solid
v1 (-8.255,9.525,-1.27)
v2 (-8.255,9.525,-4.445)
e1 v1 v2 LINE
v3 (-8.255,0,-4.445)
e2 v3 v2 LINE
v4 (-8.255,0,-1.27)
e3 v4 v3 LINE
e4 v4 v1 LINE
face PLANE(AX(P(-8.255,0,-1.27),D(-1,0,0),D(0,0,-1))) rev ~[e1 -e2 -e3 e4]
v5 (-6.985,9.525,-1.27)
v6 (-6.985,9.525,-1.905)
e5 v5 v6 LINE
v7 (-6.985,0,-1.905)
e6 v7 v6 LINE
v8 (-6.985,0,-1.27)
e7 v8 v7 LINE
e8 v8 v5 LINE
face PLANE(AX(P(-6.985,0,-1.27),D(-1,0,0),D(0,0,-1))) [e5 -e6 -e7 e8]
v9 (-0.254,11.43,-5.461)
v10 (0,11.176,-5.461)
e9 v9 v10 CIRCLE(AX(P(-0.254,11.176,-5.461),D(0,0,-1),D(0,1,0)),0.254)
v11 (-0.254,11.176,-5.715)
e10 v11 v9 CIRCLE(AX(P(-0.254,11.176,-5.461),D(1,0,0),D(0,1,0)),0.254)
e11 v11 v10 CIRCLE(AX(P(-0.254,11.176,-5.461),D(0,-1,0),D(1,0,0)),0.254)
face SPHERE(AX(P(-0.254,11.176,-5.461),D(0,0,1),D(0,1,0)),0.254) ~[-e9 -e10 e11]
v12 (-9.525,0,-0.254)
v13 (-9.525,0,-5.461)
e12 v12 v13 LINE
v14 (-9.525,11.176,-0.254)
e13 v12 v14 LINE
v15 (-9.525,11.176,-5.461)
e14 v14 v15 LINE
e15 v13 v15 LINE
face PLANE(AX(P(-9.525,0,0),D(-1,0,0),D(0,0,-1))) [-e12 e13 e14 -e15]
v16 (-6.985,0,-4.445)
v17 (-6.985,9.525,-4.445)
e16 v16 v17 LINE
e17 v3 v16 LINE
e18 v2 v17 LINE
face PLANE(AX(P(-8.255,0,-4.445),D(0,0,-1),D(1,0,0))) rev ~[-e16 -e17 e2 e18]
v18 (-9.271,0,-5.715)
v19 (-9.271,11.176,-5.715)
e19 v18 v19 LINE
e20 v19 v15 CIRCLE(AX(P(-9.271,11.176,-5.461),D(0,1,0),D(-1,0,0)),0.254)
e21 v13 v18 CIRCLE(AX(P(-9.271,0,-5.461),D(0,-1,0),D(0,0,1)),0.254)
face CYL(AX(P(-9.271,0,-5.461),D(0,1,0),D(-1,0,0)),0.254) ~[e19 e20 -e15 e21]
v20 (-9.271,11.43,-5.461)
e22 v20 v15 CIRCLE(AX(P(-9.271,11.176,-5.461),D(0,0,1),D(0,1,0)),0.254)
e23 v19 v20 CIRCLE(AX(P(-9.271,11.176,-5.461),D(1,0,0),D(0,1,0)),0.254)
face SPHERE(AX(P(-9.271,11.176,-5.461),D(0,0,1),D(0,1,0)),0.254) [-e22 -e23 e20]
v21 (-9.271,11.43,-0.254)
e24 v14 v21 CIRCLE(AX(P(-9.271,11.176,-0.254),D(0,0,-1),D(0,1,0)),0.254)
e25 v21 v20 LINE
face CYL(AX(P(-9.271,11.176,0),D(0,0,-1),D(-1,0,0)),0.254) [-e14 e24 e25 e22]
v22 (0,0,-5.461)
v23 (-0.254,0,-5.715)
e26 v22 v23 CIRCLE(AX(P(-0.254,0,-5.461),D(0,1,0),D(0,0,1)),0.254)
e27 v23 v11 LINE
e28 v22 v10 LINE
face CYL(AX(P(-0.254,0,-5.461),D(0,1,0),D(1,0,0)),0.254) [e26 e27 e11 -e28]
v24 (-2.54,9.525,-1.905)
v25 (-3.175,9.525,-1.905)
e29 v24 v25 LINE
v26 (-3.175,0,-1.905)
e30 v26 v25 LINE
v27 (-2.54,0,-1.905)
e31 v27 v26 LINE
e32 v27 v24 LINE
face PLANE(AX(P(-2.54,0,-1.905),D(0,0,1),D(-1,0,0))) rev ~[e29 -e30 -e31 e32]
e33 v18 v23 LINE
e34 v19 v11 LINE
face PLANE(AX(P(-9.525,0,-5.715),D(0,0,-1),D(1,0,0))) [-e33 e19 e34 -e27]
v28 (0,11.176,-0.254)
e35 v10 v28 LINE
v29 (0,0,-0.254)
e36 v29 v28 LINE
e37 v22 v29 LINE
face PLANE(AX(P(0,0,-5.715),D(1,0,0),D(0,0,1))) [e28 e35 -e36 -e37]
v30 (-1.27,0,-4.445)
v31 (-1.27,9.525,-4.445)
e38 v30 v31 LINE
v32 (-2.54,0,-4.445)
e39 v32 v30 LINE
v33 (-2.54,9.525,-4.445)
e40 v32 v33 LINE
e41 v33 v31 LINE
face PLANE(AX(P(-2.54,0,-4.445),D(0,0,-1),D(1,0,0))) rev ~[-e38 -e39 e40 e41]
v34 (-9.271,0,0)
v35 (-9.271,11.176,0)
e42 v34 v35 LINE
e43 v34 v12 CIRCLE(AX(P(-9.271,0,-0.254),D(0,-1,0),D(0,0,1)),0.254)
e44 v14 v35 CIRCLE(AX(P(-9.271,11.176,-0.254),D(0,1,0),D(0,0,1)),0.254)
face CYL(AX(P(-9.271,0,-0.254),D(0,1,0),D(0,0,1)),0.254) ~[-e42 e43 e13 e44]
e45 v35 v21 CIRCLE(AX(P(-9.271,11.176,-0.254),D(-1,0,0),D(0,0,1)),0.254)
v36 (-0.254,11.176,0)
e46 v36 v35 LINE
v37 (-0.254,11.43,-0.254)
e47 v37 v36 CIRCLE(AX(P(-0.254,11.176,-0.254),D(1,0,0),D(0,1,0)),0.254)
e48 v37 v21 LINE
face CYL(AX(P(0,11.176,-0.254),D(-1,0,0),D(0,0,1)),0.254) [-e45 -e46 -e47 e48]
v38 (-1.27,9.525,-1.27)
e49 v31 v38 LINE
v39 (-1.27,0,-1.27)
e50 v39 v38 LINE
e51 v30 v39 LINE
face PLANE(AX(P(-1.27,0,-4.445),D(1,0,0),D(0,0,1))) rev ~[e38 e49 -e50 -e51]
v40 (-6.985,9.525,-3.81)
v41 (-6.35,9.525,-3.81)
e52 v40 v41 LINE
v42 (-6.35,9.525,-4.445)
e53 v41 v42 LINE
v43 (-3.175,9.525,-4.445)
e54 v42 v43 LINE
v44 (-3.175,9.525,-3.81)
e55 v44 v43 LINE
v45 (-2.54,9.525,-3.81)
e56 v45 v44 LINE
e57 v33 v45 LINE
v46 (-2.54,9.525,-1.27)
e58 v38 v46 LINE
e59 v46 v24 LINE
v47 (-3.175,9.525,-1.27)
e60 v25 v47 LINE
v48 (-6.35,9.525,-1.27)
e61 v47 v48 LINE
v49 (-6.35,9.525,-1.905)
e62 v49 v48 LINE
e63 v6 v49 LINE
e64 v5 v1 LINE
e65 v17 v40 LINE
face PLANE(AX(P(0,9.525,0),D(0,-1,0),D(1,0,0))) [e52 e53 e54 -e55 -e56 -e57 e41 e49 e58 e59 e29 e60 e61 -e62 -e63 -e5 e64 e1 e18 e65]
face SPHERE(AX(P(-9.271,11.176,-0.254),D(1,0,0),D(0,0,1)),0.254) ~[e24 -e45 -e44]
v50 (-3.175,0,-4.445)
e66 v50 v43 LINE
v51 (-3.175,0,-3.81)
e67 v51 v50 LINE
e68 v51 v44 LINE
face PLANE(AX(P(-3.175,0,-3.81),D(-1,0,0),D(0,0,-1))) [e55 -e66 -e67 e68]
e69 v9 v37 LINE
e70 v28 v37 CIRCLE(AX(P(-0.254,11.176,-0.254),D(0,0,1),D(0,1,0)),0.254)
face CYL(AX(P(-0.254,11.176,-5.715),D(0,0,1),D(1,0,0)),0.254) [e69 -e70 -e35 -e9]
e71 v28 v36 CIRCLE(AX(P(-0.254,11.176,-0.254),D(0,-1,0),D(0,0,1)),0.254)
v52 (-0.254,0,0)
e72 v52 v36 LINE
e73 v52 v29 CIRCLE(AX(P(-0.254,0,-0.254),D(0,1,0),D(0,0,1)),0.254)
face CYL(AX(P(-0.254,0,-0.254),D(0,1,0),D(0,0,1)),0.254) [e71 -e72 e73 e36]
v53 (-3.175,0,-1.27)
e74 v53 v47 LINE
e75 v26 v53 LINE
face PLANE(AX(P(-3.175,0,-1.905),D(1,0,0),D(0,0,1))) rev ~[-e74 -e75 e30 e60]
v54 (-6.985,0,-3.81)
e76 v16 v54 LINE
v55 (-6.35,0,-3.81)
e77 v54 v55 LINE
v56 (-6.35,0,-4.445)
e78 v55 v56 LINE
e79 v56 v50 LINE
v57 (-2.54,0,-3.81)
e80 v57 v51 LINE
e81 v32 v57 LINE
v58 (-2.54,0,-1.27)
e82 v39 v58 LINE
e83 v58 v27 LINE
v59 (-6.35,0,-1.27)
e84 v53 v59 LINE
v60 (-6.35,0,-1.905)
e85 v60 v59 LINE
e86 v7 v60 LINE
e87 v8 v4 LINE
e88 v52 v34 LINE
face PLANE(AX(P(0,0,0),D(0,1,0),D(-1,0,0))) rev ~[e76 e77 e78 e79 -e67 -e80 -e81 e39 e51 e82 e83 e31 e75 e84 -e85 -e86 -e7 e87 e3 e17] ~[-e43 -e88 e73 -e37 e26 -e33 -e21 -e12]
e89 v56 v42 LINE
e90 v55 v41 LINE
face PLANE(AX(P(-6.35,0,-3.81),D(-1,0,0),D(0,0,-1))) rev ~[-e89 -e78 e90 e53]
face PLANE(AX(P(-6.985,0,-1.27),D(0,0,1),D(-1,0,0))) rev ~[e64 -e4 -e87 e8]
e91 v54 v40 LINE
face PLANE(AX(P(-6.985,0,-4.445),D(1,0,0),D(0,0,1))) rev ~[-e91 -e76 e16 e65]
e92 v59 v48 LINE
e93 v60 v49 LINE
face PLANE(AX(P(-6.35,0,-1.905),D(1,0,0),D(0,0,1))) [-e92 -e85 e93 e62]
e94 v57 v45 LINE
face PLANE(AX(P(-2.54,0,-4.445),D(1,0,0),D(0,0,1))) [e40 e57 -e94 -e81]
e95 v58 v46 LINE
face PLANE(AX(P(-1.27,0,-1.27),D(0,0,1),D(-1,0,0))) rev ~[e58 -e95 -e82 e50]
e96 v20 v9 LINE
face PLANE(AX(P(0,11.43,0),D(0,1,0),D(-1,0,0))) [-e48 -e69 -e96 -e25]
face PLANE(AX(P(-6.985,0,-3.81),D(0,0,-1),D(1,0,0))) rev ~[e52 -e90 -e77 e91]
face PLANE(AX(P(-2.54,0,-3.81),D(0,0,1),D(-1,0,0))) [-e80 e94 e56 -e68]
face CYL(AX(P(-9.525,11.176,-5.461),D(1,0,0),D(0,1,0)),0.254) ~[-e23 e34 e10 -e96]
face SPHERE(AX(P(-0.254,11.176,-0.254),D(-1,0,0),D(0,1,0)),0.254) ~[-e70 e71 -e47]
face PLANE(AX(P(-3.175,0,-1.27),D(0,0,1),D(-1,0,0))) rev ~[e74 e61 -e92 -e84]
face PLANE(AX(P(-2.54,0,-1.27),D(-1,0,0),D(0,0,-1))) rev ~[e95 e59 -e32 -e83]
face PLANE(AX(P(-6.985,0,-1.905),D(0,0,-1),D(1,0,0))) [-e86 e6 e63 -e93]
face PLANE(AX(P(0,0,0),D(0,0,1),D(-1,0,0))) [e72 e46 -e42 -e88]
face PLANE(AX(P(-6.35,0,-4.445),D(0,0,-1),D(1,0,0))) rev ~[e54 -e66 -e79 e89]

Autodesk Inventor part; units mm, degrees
ref_plane "YZ Plane" through (0, 0, 0) normal (1, 0, 0) x (0, 1, 0)
ref_plane "XZ Plane" through (0, 0, 0) normal (0, 1, 0) x (-1, 0, 0)
ref_plane "XY Plane" through (0, 0, 0) normal (0, 0, 1) x (1, 0, 0)
sketch "Náčrt1" plane through (0, 0, 0) normal (0, 1, 0) x (-1, 0, 0)
  line L0 (0, 0) -> (9.525, 0)
  line L1 (9.525, 0) -> (9.525, -5.715)
  line L2 (9.525, -5.715) -> (0, -5.715)
  line L3 (0, -5.715) -> (0, 0)
  dimension "d0" = 9.525
  dimension "d1" = 5.715
extrude "Vysunutí1" add sketch "Náčrt1" along normal blind 11.43
sketch "Náčrt2" plane through (0, 0, 0) normal (0, -1, 0) x (1, 0, 0)
  line L0 (-1.27, -4.445) -> (-1.27, -1.27)
  line L1 (-8.255, -1.27) -> (-8.255, -4.445)
  line L2 (-6.35, -4.445) -> (-3.175, -4.445)
  line L3 (-3.175, -1.27) -> (-6.35, -1.27)
  line L4 (-2.54, -1.27) -> (-2.54, -1.905)
  line L5 (-2.54, -1.905) -> (-3.175, -1.905)
  line L6 (-3.175, -1.905) -> (-3.175, -1.27)
  line L7 (-2.54, -4.445) -> (-2.54, -3.81)
  line L8 (-2.54, -3.81) -> (-3.175, -3.81)
  line L9 (-3.175, -3.81) -> (-3.175, -4.445)
  line L10 (-6.985, -4.445) -> (-6.985, -3.81)
  line L11 (-6.985, -3.81) -> (-6.35, -3.81)
  line L12 (-6.35, -3.81) -> (-6.35, -4.445)
  line L13 (-6.985, -1.27) -> (-6.985, -1.905)
  line L14 (-6.985, -1.905) -> (-6.35, -1.905)
  line L15 (-6.35, -1.905) -> (-6.35, -1.27)
  line L16 (-6.985, -1.27) -> (-8.255, -1.27)
  line L17 (-8.255, -4.445) -> (-6.985, -4.445)
  line L18 (-6.35, -4.445) -> (-3.175, -4.445)
  line L19 (-2.54, -4.445) -> (-1.27, -4.445)
  line L20 (-1.27, -1.27) -> (-2.54, -1.27)
  line L21 (-3.175, -1.27) -> (-6.35, -1.27)
  point P0 (-4.7625, -2.8575)
extrude "Vysunutí2" cut sketch "Náčrt2" against normal blind 9.525
fillet "Zaoblení1" radius 0.254 8 edges at (-4.7625, 11.43, 0) (-9.525, 5.715, 0) (-9.525, 11.43, -2.8575) (0, 11.43, -2.8575) (-4.7625, 11.43, -5.715) (-9.525, 5.715, -5.715) (0, 5.715, 0) (0, 5.715, -5.715)
properties part number "Button"
